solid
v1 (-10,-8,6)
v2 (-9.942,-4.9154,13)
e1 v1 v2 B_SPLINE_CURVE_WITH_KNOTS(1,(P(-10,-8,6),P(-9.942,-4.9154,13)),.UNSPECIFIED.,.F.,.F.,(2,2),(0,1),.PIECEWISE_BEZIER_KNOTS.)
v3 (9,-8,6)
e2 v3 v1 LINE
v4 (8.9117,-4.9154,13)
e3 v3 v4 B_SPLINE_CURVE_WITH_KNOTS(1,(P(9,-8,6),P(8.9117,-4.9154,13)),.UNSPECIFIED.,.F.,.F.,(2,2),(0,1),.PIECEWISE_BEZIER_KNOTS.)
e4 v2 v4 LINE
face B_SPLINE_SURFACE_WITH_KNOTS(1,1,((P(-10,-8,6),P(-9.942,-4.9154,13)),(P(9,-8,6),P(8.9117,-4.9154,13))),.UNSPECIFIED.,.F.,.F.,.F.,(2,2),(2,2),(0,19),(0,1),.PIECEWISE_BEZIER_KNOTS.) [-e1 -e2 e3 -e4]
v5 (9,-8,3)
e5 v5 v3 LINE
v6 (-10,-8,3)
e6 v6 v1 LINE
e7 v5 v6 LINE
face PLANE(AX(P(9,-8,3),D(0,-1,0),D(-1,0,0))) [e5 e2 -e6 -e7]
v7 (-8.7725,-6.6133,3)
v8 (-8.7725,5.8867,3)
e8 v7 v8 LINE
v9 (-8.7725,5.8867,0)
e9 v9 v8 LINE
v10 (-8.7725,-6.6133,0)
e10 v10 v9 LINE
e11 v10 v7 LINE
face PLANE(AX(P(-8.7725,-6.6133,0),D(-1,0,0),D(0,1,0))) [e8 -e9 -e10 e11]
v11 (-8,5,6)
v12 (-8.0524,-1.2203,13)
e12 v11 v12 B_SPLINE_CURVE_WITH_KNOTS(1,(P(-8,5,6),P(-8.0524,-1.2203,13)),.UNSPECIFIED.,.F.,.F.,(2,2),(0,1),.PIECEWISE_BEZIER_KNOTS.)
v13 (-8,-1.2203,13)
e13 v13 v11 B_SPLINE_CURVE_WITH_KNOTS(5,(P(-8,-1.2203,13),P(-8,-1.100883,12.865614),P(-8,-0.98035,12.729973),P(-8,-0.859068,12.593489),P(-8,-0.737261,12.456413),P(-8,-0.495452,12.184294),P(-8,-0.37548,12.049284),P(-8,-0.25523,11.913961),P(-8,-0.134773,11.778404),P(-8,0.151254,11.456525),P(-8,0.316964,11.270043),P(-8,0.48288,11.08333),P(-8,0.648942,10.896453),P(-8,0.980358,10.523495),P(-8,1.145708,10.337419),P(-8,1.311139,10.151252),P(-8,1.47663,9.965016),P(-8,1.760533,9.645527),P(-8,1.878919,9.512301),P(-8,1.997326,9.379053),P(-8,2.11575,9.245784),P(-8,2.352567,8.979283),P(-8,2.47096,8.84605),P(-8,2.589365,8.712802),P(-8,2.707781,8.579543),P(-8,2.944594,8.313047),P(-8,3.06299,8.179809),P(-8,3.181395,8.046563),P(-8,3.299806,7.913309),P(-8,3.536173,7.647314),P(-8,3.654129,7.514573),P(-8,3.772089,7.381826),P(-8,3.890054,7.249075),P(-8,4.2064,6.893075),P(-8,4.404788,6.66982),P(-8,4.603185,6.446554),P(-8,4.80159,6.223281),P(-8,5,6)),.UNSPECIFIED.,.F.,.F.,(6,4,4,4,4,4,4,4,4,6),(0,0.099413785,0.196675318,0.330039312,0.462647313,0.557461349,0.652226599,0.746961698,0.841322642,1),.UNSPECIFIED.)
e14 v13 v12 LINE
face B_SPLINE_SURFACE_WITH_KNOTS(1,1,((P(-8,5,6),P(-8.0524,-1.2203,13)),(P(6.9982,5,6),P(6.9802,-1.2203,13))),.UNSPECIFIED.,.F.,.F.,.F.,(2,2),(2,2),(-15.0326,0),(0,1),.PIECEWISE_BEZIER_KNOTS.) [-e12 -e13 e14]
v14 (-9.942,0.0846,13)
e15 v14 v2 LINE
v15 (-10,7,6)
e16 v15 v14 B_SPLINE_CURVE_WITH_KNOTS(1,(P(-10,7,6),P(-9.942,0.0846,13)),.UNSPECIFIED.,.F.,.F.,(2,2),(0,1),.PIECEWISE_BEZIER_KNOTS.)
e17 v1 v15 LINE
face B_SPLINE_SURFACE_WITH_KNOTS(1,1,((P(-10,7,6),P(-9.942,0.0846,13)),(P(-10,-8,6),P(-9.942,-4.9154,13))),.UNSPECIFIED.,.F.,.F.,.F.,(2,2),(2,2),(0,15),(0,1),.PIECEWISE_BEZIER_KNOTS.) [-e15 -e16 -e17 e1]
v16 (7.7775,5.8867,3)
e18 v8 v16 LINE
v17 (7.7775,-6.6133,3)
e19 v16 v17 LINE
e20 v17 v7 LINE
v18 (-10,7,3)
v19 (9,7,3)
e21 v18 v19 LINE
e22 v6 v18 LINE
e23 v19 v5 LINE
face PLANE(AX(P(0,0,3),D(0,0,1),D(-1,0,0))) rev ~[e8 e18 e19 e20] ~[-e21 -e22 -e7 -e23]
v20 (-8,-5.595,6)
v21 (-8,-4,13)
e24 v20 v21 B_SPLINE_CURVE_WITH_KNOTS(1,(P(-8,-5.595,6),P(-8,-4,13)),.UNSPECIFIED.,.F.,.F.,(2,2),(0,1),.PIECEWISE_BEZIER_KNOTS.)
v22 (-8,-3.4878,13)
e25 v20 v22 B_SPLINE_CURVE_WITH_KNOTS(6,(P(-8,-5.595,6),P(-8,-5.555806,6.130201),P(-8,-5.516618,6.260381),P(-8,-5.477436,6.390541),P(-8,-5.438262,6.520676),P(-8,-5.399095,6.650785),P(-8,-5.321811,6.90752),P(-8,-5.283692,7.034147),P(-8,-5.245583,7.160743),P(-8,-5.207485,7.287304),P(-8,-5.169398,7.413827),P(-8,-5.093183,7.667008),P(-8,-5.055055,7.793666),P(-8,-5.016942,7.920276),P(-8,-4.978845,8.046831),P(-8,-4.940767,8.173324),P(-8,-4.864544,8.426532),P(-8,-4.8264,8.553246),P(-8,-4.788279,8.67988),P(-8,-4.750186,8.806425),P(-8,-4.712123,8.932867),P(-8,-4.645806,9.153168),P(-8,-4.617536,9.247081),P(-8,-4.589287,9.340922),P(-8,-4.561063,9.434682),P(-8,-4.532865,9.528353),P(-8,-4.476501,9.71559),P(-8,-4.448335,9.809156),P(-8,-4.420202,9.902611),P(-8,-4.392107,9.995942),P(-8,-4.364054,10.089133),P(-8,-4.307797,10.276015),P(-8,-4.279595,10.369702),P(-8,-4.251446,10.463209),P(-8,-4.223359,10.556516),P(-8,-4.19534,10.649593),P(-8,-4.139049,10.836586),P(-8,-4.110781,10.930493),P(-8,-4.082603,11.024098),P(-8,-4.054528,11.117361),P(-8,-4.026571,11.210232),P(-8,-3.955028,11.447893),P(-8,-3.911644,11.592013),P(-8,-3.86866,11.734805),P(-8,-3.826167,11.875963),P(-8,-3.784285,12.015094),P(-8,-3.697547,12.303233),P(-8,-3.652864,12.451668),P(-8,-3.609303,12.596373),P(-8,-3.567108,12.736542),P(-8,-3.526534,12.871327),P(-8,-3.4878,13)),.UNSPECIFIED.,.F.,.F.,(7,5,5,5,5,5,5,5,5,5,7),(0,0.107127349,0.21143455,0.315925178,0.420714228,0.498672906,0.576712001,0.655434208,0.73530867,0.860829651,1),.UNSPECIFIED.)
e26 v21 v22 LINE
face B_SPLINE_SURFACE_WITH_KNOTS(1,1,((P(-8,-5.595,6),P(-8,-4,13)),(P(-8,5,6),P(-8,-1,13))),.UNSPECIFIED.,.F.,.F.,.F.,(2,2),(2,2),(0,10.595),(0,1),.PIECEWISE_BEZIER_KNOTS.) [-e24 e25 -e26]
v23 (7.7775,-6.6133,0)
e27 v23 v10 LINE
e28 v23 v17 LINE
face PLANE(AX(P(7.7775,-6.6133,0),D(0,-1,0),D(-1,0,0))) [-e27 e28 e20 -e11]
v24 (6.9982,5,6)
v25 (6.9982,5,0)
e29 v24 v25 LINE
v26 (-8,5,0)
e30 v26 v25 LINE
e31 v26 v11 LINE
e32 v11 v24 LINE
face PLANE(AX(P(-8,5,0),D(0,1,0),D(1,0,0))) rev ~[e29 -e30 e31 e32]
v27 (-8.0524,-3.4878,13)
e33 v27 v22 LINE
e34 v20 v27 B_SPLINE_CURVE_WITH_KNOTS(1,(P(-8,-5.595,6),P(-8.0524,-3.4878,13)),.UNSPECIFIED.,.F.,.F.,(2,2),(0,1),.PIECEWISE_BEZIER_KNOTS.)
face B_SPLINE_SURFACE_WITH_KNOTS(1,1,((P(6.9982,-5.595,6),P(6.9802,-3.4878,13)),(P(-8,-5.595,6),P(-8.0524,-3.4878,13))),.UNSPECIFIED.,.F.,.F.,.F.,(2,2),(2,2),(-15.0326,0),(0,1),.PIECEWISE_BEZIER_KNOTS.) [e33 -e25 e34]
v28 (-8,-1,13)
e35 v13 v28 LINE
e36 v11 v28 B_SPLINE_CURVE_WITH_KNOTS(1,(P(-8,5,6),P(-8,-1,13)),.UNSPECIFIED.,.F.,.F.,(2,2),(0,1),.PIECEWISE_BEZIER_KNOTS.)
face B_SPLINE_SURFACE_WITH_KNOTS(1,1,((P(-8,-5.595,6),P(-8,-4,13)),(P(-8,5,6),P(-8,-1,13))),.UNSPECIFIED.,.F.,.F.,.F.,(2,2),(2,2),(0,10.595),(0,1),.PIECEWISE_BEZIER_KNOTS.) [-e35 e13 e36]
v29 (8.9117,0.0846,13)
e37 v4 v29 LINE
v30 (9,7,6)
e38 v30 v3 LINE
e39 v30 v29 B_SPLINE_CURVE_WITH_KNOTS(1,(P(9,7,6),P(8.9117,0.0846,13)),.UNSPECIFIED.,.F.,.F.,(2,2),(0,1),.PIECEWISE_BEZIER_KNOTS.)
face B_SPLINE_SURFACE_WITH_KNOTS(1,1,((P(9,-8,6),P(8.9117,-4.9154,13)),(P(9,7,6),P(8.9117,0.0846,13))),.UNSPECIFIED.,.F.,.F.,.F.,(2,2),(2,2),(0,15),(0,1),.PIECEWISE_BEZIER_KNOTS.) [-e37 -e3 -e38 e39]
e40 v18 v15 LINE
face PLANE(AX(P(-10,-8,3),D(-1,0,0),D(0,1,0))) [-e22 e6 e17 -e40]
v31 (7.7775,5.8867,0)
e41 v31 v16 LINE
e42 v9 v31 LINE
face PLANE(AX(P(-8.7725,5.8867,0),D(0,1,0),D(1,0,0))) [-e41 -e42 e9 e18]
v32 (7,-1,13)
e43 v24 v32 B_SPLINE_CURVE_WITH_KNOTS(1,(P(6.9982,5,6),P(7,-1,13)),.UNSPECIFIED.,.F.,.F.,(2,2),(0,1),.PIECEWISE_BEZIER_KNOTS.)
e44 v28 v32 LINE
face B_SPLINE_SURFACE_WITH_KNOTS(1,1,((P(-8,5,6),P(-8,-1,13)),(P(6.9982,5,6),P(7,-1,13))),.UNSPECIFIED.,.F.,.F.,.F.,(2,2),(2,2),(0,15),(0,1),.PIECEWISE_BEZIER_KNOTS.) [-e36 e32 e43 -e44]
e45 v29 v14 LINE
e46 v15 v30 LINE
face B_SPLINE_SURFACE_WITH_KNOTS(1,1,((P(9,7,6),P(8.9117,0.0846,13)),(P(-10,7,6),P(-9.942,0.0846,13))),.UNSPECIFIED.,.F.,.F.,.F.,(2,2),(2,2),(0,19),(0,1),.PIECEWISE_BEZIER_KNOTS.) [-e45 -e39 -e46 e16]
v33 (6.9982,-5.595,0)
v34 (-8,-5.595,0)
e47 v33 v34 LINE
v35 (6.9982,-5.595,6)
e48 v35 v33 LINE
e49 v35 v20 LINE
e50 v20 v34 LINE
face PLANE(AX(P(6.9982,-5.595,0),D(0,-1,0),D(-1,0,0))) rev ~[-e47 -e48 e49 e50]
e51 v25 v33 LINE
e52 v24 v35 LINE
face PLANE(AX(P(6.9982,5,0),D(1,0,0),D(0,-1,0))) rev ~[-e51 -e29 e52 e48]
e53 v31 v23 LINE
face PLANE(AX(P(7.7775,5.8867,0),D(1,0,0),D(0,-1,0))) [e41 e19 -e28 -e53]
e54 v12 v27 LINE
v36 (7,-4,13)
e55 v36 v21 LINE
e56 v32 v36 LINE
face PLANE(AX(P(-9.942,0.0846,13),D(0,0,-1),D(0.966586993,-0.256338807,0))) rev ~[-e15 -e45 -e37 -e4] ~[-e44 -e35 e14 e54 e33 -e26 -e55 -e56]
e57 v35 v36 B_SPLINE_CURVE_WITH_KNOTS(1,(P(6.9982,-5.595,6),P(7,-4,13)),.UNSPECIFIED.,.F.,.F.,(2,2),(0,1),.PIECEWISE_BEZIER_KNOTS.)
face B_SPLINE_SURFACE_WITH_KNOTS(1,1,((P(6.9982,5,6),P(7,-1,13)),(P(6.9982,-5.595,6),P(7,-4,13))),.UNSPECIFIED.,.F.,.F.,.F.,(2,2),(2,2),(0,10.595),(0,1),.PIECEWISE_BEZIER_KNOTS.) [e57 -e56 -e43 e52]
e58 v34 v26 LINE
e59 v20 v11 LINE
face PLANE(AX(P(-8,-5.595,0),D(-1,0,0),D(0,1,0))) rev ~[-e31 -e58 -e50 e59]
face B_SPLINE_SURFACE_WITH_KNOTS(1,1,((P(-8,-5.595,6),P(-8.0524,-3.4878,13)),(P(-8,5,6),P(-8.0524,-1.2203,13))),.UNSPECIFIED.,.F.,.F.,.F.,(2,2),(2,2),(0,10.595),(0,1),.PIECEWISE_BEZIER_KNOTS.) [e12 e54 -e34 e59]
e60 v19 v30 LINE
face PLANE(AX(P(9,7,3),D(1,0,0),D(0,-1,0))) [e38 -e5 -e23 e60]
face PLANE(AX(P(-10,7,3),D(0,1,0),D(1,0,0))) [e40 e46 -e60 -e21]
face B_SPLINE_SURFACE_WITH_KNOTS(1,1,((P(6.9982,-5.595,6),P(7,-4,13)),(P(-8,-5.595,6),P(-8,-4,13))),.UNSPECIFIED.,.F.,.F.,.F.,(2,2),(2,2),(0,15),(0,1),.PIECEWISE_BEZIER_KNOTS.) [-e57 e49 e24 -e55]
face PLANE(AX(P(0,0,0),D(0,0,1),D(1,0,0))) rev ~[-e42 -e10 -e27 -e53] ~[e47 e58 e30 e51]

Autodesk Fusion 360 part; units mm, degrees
sketch "Sketch1" plane through (0, 0, 0) normal (0, 0, 1) x (1, 0, 0)
  line L0 (-8.7725, 5.8867) -> (7.7775, 5.8867)
  line L1 (7.7775, 5.8867) -> (7.7775, -6.6133)
  line L2 (7.7775, -6.6133) -> (-8.7725, -6.6133)
  line L3 (-8.7725, -6.6133) -> (-8.7725, 5.8867)
  line L4 (-8, 5) -> (6.9982, 5)
  line L5 (6.9982, 5) -> (6.9982, -5.595)
  line L6 (6.9982, -5.595) -> (-8, -5.595)
  line L7 (-8, -5.595) -> (-8, 5)
  dimension "d1" = 16.55
  dimension "d2" = 12.5
extrude "Extrude1" add sketch "Sketch1" along normal blind 3
sketch "Sketch2" plane through (0, 0, 3) normal (0, 0, 1) x (-1, 0, 0)
  line L0 (-6.9982, 5.595) -> (8, 5.595)
  line L1 (8, 5.595) -> (8, -5)
  line L2 (8, -5) -> (-6.9982, -5)
  line L3 (-6.9982, -5) -> (-6.9982, 5.595)
  line L4 (8.7725, 6.6133) -> (-7.7775, 6.6133)
  line L5 (-7.7775, 6.6133) -> (-7.7775, -5.8867)
  line L6 (-7.7775, -5.8867) -> (8.7725, -5.8867)
  line L7 (8.7725, -5.8867) -> (8.7725, 6.6133)
  line L8 (10, -7) -> (-9, -7)
  line L9 (-9, -7) -> (-9, 8)
  line L10 (-9, 8) -> (10, 8)
  line L11 (10, 8) -> (10, -7)
extrude "Extrude2" add sketch "Sketch2" along normal blind 3 contours L4 L5 L6 L7 | L8 L9 L10 L11
ref_plane "WorkPlane1" through (-0.5, -0.5, 13) normal (0, 0, 1) x (1, 0, 0)
sketch "Sketch4" plane through (-0.5, -0.5, 13) normal (0, 0, 1) x (1, 0, 0)
  line L0 (-9.442, -4.4154) -> (9.4117, -4.4154)
  line L1 (9.4117, -4.4154) -> (9.4117, 0.5846)
  line L2 (9.4117, 0.5846) -> (-9.442, 0.5846)
  line L3 (-9.442, 0.5846) -> (-9.442, -4.4154)
  line L4 (-7.5524, -2.9878) -> (7.4802, -2.9878)
  line L5 (7.4802, -2.9878) -> (7.4802, -0.7203)
  line L6 (7.4802, -0.7203) -> (-7.5524, -0.7203)
  line L7 (-7.5524, -0.7203) -> (-7.5524, -2.9878)
  dimension "d8" = 5
sketch "Sketch5" plane through (0, 0, 6) normal (0, 0, 1) x (-1, 0, 0)
  line L0 (8, -5) -> (-6.9982, -5)
  line L1 (-6.9982, -5) -> (-6.9982, 5.595)
  line L2 (-6.9982, 5.595) -> (8, 5.595)
  line L3 (8, 5.595) -> (8, -5)
  line L4 (10, 8) -> (-9, 8)
  line L5 (-9, 8) -> (-9, -7)
  line L6 (-9, -7) -> (10, -7)
  line L7 (10, -7) -> (10, 8)
  line L8 (10, -7) -> (-9, -7)
  line L9 (-9, -7) -> (-9, 8)
  line L10 (-9, 8) -> (10, 8)
  line L11 (10, 8) -> (10, -7)
loft "Loft1" add profiles "Sketch5", "Sketch4" section 1 section 2
sketch "Sketch6" plane through (0, 0, 13) normal (0, 0, 1) x (-1, 0, 0)
  line L0 (9.942, 4.9154) -> (-8.9117, 4.9154)
  line L1 (-8.9117, 4.9154) -> (-8.9117, -0.0846)
  line L2 (-8.9117, -0.0846) -> (9.942, -0.0846)
  line L3 (9.942, -0.0846) -> (9.942, 4.9154)
  line L4 (8, 1) -> (-7, 1)
  line L5 (-7, 1) -> (-7, 4)
  line L6 (-7, 4) -> (8, 4)
  line L7 (8, 4) -> (8, 1)
sketch "Sketch7" plane through (0, 0, 6) normal (0, 0, -1) x (1, 0, 0)
  line L0 (6.9982, -5) -> (6.9982, 5.595)
  line L1 (6.9982, 5.595) -> (-8, 5.595)
  line L2 (-8, 5.595) -> (-8, -5)
  line L3 (-8, -5) -> (6.9982, -5)
  line L4 (-8, 5.595) -> (6.9982, 5.595)
  line L5 (6.9982, 5.595) -> (6.9982, -5)
  line L6 (6.9982, -5) -> (-8, -5)
  line L7 (-8, -5) -> (-8, 5.595)
loft "Loft2" cut profiles "Sketch7", "Sketch6" section 1 section 2 contours L4 L5 L6 L7
